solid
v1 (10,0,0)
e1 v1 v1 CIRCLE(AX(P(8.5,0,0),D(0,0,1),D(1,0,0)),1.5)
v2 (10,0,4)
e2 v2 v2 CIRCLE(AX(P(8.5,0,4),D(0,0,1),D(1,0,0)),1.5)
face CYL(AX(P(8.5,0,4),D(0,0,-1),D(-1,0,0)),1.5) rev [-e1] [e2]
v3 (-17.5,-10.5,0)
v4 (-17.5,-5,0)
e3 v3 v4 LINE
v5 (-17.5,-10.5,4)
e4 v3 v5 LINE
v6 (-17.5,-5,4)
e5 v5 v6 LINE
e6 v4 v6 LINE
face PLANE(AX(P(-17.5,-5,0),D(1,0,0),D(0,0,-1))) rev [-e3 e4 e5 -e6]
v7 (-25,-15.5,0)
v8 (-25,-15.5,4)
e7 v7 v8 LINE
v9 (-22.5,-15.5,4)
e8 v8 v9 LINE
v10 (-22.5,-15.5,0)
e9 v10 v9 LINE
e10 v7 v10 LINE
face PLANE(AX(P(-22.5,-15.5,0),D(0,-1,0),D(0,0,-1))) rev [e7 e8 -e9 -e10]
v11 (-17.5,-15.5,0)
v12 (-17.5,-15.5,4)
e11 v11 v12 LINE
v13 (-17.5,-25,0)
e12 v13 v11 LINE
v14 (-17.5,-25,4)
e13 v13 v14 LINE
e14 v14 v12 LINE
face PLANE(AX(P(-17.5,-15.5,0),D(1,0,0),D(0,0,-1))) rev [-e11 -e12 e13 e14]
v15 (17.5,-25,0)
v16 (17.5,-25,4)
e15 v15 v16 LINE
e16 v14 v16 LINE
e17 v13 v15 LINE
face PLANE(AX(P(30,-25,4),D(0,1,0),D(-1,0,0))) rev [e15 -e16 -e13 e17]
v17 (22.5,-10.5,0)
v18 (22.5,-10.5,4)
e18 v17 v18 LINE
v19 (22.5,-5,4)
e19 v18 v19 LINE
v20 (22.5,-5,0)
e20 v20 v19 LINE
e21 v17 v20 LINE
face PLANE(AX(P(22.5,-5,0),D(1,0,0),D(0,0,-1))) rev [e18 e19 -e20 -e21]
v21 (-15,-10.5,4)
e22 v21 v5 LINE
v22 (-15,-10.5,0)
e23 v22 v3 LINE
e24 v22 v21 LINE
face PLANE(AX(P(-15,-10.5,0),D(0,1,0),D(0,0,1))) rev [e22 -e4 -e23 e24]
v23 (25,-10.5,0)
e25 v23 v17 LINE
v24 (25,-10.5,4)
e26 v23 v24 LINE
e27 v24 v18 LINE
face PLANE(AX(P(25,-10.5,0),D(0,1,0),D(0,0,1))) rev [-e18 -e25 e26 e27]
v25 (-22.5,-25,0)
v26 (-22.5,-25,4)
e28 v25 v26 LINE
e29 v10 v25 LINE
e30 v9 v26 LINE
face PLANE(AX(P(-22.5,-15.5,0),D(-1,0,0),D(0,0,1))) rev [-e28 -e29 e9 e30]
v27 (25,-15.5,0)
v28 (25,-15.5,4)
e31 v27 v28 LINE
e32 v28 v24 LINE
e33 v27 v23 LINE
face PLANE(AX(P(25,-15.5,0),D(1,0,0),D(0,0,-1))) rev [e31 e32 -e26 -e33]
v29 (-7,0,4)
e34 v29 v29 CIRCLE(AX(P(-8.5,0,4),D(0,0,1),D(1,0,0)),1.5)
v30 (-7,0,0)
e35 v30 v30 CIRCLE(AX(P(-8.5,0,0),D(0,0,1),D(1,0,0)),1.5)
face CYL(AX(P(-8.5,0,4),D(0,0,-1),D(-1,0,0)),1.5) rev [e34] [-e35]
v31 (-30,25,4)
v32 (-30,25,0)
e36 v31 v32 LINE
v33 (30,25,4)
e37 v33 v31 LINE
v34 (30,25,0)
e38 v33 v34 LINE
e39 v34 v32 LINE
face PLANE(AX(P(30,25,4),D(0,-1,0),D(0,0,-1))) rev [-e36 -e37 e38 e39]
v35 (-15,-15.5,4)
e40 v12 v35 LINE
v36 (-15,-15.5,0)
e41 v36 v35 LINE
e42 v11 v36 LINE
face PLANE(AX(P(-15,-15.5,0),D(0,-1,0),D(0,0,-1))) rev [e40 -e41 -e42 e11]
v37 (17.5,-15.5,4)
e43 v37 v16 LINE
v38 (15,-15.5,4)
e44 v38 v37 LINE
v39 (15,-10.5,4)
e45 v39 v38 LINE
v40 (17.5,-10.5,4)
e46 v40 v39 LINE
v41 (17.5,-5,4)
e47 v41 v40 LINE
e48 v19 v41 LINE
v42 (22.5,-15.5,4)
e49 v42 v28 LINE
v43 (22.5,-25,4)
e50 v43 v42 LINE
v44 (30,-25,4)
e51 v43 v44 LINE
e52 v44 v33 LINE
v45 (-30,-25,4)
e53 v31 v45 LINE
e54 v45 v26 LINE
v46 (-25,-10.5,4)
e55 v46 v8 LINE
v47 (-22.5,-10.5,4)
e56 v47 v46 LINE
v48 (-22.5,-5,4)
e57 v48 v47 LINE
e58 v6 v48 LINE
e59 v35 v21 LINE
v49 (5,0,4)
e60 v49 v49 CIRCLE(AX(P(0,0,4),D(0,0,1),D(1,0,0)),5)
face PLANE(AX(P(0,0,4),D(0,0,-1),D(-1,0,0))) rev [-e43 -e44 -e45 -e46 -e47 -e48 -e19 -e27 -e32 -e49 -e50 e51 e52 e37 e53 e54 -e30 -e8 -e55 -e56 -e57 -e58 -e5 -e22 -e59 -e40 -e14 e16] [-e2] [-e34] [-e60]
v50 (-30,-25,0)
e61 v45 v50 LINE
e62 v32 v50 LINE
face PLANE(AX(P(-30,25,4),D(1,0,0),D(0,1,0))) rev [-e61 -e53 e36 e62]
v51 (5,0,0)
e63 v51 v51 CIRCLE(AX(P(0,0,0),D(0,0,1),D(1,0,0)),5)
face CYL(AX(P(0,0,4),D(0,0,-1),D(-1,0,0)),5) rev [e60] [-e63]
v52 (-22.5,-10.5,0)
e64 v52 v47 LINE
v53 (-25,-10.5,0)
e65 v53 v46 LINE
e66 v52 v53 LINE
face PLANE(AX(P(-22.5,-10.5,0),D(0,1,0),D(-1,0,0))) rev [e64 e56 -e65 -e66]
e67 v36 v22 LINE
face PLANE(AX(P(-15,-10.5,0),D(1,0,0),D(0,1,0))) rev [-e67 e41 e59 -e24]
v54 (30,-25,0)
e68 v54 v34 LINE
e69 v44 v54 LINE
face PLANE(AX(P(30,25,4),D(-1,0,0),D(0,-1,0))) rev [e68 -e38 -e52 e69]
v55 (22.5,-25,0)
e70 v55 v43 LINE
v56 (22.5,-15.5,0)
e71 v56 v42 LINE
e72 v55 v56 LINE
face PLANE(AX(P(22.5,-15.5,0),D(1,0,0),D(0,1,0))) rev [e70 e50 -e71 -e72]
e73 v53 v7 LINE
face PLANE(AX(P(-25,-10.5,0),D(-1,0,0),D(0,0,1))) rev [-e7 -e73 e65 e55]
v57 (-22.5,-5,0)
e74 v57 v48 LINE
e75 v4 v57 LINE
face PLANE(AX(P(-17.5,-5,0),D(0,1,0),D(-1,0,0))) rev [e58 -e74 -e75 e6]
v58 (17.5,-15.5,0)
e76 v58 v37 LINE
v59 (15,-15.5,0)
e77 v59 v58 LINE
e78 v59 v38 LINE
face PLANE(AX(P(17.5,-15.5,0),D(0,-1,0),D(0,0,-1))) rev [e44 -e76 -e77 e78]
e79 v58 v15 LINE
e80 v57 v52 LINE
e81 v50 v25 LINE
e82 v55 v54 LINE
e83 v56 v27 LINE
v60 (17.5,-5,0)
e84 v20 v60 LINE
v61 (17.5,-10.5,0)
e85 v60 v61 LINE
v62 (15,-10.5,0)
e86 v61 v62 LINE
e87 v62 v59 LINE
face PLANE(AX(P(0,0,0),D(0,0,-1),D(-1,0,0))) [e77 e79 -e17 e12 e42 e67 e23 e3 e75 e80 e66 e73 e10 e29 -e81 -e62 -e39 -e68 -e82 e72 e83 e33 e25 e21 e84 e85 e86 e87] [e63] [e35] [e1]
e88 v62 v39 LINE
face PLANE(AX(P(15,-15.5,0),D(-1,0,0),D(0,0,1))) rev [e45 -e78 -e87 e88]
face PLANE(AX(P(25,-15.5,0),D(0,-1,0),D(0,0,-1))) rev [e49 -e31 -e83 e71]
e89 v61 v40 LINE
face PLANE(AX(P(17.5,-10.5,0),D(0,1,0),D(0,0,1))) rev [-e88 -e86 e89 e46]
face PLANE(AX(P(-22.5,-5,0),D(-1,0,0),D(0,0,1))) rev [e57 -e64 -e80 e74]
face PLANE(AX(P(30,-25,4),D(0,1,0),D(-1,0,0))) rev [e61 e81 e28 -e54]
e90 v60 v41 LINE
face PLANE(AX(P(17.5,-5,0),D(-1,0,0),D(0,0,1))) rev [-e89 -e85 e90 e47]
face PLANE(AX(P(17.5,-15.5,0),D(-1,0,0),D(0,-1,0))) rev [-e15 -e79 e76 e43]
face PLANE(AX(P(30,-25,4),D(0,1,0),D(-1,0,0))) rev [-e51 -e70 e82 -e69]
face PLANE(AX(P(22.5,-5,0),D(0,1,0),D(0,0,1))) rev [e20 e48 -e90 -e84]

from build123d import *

# Parameters (mm, degrees)
SKETCH1_W           = 60
SKETCH1_H           = 50
SKETCH1_R           = 5
SKETCH1_R_2         = 1.5
BOSS_EXTRUDE1_DEPTH = 4
CUT_EXTRUDE1_DEPTH  = 5


with BuildPart() as part:
    # Sketch1 → Boss-Extrude1 (new body)
    with BuildSketch(Plane.XY):
        Rectangle(SKETCH1_W, SKETCH1_H)
        Circle(SKETCH1_R, mode=Mode.SUBTRACT)
        with Locations((-8.5, 0)):
            Circle(SKETCH1_R_2, mode=Mode.SUBTRACT)
        with Locations((8.5, 0)):
            Circle(SKETCH1_R_2, mode=Mode.SUBTRACT)
    extrude(amount=BOSS_EXTRUDE1_DEPTH)

    # Sketch2 → Cut-Extrude1 (cut, through all)
    with BuildSketch(Plane.XY.offset(4)):
        Polygon((-17.5, -5), (-22.5, -5), (-22.5, -10.5), (-25, -10.5), (-25, -15.5), (-22.5, -15.5), (-22.5, -25), (-17.5, -25), (-17.5, -15.5), (-15, -15.5), (-15, -10.5), (-17.5, -10.5), align=None)
        Polygon((22.5, -5), (17.5, -5), (17.5, -10.5), (15, -10.5), (15, -15.5), (17.5, -15.5), (17.5, -25), (22.5, -25), (22.5, -15.5), (25, -15.5), (25, -10.5), (22.5, -10.5), align=None)
    extrude(amount=-CUT_EXTRUDE1_DEPTH, mode=Mode.SUBTRACT)


solid = part.part
